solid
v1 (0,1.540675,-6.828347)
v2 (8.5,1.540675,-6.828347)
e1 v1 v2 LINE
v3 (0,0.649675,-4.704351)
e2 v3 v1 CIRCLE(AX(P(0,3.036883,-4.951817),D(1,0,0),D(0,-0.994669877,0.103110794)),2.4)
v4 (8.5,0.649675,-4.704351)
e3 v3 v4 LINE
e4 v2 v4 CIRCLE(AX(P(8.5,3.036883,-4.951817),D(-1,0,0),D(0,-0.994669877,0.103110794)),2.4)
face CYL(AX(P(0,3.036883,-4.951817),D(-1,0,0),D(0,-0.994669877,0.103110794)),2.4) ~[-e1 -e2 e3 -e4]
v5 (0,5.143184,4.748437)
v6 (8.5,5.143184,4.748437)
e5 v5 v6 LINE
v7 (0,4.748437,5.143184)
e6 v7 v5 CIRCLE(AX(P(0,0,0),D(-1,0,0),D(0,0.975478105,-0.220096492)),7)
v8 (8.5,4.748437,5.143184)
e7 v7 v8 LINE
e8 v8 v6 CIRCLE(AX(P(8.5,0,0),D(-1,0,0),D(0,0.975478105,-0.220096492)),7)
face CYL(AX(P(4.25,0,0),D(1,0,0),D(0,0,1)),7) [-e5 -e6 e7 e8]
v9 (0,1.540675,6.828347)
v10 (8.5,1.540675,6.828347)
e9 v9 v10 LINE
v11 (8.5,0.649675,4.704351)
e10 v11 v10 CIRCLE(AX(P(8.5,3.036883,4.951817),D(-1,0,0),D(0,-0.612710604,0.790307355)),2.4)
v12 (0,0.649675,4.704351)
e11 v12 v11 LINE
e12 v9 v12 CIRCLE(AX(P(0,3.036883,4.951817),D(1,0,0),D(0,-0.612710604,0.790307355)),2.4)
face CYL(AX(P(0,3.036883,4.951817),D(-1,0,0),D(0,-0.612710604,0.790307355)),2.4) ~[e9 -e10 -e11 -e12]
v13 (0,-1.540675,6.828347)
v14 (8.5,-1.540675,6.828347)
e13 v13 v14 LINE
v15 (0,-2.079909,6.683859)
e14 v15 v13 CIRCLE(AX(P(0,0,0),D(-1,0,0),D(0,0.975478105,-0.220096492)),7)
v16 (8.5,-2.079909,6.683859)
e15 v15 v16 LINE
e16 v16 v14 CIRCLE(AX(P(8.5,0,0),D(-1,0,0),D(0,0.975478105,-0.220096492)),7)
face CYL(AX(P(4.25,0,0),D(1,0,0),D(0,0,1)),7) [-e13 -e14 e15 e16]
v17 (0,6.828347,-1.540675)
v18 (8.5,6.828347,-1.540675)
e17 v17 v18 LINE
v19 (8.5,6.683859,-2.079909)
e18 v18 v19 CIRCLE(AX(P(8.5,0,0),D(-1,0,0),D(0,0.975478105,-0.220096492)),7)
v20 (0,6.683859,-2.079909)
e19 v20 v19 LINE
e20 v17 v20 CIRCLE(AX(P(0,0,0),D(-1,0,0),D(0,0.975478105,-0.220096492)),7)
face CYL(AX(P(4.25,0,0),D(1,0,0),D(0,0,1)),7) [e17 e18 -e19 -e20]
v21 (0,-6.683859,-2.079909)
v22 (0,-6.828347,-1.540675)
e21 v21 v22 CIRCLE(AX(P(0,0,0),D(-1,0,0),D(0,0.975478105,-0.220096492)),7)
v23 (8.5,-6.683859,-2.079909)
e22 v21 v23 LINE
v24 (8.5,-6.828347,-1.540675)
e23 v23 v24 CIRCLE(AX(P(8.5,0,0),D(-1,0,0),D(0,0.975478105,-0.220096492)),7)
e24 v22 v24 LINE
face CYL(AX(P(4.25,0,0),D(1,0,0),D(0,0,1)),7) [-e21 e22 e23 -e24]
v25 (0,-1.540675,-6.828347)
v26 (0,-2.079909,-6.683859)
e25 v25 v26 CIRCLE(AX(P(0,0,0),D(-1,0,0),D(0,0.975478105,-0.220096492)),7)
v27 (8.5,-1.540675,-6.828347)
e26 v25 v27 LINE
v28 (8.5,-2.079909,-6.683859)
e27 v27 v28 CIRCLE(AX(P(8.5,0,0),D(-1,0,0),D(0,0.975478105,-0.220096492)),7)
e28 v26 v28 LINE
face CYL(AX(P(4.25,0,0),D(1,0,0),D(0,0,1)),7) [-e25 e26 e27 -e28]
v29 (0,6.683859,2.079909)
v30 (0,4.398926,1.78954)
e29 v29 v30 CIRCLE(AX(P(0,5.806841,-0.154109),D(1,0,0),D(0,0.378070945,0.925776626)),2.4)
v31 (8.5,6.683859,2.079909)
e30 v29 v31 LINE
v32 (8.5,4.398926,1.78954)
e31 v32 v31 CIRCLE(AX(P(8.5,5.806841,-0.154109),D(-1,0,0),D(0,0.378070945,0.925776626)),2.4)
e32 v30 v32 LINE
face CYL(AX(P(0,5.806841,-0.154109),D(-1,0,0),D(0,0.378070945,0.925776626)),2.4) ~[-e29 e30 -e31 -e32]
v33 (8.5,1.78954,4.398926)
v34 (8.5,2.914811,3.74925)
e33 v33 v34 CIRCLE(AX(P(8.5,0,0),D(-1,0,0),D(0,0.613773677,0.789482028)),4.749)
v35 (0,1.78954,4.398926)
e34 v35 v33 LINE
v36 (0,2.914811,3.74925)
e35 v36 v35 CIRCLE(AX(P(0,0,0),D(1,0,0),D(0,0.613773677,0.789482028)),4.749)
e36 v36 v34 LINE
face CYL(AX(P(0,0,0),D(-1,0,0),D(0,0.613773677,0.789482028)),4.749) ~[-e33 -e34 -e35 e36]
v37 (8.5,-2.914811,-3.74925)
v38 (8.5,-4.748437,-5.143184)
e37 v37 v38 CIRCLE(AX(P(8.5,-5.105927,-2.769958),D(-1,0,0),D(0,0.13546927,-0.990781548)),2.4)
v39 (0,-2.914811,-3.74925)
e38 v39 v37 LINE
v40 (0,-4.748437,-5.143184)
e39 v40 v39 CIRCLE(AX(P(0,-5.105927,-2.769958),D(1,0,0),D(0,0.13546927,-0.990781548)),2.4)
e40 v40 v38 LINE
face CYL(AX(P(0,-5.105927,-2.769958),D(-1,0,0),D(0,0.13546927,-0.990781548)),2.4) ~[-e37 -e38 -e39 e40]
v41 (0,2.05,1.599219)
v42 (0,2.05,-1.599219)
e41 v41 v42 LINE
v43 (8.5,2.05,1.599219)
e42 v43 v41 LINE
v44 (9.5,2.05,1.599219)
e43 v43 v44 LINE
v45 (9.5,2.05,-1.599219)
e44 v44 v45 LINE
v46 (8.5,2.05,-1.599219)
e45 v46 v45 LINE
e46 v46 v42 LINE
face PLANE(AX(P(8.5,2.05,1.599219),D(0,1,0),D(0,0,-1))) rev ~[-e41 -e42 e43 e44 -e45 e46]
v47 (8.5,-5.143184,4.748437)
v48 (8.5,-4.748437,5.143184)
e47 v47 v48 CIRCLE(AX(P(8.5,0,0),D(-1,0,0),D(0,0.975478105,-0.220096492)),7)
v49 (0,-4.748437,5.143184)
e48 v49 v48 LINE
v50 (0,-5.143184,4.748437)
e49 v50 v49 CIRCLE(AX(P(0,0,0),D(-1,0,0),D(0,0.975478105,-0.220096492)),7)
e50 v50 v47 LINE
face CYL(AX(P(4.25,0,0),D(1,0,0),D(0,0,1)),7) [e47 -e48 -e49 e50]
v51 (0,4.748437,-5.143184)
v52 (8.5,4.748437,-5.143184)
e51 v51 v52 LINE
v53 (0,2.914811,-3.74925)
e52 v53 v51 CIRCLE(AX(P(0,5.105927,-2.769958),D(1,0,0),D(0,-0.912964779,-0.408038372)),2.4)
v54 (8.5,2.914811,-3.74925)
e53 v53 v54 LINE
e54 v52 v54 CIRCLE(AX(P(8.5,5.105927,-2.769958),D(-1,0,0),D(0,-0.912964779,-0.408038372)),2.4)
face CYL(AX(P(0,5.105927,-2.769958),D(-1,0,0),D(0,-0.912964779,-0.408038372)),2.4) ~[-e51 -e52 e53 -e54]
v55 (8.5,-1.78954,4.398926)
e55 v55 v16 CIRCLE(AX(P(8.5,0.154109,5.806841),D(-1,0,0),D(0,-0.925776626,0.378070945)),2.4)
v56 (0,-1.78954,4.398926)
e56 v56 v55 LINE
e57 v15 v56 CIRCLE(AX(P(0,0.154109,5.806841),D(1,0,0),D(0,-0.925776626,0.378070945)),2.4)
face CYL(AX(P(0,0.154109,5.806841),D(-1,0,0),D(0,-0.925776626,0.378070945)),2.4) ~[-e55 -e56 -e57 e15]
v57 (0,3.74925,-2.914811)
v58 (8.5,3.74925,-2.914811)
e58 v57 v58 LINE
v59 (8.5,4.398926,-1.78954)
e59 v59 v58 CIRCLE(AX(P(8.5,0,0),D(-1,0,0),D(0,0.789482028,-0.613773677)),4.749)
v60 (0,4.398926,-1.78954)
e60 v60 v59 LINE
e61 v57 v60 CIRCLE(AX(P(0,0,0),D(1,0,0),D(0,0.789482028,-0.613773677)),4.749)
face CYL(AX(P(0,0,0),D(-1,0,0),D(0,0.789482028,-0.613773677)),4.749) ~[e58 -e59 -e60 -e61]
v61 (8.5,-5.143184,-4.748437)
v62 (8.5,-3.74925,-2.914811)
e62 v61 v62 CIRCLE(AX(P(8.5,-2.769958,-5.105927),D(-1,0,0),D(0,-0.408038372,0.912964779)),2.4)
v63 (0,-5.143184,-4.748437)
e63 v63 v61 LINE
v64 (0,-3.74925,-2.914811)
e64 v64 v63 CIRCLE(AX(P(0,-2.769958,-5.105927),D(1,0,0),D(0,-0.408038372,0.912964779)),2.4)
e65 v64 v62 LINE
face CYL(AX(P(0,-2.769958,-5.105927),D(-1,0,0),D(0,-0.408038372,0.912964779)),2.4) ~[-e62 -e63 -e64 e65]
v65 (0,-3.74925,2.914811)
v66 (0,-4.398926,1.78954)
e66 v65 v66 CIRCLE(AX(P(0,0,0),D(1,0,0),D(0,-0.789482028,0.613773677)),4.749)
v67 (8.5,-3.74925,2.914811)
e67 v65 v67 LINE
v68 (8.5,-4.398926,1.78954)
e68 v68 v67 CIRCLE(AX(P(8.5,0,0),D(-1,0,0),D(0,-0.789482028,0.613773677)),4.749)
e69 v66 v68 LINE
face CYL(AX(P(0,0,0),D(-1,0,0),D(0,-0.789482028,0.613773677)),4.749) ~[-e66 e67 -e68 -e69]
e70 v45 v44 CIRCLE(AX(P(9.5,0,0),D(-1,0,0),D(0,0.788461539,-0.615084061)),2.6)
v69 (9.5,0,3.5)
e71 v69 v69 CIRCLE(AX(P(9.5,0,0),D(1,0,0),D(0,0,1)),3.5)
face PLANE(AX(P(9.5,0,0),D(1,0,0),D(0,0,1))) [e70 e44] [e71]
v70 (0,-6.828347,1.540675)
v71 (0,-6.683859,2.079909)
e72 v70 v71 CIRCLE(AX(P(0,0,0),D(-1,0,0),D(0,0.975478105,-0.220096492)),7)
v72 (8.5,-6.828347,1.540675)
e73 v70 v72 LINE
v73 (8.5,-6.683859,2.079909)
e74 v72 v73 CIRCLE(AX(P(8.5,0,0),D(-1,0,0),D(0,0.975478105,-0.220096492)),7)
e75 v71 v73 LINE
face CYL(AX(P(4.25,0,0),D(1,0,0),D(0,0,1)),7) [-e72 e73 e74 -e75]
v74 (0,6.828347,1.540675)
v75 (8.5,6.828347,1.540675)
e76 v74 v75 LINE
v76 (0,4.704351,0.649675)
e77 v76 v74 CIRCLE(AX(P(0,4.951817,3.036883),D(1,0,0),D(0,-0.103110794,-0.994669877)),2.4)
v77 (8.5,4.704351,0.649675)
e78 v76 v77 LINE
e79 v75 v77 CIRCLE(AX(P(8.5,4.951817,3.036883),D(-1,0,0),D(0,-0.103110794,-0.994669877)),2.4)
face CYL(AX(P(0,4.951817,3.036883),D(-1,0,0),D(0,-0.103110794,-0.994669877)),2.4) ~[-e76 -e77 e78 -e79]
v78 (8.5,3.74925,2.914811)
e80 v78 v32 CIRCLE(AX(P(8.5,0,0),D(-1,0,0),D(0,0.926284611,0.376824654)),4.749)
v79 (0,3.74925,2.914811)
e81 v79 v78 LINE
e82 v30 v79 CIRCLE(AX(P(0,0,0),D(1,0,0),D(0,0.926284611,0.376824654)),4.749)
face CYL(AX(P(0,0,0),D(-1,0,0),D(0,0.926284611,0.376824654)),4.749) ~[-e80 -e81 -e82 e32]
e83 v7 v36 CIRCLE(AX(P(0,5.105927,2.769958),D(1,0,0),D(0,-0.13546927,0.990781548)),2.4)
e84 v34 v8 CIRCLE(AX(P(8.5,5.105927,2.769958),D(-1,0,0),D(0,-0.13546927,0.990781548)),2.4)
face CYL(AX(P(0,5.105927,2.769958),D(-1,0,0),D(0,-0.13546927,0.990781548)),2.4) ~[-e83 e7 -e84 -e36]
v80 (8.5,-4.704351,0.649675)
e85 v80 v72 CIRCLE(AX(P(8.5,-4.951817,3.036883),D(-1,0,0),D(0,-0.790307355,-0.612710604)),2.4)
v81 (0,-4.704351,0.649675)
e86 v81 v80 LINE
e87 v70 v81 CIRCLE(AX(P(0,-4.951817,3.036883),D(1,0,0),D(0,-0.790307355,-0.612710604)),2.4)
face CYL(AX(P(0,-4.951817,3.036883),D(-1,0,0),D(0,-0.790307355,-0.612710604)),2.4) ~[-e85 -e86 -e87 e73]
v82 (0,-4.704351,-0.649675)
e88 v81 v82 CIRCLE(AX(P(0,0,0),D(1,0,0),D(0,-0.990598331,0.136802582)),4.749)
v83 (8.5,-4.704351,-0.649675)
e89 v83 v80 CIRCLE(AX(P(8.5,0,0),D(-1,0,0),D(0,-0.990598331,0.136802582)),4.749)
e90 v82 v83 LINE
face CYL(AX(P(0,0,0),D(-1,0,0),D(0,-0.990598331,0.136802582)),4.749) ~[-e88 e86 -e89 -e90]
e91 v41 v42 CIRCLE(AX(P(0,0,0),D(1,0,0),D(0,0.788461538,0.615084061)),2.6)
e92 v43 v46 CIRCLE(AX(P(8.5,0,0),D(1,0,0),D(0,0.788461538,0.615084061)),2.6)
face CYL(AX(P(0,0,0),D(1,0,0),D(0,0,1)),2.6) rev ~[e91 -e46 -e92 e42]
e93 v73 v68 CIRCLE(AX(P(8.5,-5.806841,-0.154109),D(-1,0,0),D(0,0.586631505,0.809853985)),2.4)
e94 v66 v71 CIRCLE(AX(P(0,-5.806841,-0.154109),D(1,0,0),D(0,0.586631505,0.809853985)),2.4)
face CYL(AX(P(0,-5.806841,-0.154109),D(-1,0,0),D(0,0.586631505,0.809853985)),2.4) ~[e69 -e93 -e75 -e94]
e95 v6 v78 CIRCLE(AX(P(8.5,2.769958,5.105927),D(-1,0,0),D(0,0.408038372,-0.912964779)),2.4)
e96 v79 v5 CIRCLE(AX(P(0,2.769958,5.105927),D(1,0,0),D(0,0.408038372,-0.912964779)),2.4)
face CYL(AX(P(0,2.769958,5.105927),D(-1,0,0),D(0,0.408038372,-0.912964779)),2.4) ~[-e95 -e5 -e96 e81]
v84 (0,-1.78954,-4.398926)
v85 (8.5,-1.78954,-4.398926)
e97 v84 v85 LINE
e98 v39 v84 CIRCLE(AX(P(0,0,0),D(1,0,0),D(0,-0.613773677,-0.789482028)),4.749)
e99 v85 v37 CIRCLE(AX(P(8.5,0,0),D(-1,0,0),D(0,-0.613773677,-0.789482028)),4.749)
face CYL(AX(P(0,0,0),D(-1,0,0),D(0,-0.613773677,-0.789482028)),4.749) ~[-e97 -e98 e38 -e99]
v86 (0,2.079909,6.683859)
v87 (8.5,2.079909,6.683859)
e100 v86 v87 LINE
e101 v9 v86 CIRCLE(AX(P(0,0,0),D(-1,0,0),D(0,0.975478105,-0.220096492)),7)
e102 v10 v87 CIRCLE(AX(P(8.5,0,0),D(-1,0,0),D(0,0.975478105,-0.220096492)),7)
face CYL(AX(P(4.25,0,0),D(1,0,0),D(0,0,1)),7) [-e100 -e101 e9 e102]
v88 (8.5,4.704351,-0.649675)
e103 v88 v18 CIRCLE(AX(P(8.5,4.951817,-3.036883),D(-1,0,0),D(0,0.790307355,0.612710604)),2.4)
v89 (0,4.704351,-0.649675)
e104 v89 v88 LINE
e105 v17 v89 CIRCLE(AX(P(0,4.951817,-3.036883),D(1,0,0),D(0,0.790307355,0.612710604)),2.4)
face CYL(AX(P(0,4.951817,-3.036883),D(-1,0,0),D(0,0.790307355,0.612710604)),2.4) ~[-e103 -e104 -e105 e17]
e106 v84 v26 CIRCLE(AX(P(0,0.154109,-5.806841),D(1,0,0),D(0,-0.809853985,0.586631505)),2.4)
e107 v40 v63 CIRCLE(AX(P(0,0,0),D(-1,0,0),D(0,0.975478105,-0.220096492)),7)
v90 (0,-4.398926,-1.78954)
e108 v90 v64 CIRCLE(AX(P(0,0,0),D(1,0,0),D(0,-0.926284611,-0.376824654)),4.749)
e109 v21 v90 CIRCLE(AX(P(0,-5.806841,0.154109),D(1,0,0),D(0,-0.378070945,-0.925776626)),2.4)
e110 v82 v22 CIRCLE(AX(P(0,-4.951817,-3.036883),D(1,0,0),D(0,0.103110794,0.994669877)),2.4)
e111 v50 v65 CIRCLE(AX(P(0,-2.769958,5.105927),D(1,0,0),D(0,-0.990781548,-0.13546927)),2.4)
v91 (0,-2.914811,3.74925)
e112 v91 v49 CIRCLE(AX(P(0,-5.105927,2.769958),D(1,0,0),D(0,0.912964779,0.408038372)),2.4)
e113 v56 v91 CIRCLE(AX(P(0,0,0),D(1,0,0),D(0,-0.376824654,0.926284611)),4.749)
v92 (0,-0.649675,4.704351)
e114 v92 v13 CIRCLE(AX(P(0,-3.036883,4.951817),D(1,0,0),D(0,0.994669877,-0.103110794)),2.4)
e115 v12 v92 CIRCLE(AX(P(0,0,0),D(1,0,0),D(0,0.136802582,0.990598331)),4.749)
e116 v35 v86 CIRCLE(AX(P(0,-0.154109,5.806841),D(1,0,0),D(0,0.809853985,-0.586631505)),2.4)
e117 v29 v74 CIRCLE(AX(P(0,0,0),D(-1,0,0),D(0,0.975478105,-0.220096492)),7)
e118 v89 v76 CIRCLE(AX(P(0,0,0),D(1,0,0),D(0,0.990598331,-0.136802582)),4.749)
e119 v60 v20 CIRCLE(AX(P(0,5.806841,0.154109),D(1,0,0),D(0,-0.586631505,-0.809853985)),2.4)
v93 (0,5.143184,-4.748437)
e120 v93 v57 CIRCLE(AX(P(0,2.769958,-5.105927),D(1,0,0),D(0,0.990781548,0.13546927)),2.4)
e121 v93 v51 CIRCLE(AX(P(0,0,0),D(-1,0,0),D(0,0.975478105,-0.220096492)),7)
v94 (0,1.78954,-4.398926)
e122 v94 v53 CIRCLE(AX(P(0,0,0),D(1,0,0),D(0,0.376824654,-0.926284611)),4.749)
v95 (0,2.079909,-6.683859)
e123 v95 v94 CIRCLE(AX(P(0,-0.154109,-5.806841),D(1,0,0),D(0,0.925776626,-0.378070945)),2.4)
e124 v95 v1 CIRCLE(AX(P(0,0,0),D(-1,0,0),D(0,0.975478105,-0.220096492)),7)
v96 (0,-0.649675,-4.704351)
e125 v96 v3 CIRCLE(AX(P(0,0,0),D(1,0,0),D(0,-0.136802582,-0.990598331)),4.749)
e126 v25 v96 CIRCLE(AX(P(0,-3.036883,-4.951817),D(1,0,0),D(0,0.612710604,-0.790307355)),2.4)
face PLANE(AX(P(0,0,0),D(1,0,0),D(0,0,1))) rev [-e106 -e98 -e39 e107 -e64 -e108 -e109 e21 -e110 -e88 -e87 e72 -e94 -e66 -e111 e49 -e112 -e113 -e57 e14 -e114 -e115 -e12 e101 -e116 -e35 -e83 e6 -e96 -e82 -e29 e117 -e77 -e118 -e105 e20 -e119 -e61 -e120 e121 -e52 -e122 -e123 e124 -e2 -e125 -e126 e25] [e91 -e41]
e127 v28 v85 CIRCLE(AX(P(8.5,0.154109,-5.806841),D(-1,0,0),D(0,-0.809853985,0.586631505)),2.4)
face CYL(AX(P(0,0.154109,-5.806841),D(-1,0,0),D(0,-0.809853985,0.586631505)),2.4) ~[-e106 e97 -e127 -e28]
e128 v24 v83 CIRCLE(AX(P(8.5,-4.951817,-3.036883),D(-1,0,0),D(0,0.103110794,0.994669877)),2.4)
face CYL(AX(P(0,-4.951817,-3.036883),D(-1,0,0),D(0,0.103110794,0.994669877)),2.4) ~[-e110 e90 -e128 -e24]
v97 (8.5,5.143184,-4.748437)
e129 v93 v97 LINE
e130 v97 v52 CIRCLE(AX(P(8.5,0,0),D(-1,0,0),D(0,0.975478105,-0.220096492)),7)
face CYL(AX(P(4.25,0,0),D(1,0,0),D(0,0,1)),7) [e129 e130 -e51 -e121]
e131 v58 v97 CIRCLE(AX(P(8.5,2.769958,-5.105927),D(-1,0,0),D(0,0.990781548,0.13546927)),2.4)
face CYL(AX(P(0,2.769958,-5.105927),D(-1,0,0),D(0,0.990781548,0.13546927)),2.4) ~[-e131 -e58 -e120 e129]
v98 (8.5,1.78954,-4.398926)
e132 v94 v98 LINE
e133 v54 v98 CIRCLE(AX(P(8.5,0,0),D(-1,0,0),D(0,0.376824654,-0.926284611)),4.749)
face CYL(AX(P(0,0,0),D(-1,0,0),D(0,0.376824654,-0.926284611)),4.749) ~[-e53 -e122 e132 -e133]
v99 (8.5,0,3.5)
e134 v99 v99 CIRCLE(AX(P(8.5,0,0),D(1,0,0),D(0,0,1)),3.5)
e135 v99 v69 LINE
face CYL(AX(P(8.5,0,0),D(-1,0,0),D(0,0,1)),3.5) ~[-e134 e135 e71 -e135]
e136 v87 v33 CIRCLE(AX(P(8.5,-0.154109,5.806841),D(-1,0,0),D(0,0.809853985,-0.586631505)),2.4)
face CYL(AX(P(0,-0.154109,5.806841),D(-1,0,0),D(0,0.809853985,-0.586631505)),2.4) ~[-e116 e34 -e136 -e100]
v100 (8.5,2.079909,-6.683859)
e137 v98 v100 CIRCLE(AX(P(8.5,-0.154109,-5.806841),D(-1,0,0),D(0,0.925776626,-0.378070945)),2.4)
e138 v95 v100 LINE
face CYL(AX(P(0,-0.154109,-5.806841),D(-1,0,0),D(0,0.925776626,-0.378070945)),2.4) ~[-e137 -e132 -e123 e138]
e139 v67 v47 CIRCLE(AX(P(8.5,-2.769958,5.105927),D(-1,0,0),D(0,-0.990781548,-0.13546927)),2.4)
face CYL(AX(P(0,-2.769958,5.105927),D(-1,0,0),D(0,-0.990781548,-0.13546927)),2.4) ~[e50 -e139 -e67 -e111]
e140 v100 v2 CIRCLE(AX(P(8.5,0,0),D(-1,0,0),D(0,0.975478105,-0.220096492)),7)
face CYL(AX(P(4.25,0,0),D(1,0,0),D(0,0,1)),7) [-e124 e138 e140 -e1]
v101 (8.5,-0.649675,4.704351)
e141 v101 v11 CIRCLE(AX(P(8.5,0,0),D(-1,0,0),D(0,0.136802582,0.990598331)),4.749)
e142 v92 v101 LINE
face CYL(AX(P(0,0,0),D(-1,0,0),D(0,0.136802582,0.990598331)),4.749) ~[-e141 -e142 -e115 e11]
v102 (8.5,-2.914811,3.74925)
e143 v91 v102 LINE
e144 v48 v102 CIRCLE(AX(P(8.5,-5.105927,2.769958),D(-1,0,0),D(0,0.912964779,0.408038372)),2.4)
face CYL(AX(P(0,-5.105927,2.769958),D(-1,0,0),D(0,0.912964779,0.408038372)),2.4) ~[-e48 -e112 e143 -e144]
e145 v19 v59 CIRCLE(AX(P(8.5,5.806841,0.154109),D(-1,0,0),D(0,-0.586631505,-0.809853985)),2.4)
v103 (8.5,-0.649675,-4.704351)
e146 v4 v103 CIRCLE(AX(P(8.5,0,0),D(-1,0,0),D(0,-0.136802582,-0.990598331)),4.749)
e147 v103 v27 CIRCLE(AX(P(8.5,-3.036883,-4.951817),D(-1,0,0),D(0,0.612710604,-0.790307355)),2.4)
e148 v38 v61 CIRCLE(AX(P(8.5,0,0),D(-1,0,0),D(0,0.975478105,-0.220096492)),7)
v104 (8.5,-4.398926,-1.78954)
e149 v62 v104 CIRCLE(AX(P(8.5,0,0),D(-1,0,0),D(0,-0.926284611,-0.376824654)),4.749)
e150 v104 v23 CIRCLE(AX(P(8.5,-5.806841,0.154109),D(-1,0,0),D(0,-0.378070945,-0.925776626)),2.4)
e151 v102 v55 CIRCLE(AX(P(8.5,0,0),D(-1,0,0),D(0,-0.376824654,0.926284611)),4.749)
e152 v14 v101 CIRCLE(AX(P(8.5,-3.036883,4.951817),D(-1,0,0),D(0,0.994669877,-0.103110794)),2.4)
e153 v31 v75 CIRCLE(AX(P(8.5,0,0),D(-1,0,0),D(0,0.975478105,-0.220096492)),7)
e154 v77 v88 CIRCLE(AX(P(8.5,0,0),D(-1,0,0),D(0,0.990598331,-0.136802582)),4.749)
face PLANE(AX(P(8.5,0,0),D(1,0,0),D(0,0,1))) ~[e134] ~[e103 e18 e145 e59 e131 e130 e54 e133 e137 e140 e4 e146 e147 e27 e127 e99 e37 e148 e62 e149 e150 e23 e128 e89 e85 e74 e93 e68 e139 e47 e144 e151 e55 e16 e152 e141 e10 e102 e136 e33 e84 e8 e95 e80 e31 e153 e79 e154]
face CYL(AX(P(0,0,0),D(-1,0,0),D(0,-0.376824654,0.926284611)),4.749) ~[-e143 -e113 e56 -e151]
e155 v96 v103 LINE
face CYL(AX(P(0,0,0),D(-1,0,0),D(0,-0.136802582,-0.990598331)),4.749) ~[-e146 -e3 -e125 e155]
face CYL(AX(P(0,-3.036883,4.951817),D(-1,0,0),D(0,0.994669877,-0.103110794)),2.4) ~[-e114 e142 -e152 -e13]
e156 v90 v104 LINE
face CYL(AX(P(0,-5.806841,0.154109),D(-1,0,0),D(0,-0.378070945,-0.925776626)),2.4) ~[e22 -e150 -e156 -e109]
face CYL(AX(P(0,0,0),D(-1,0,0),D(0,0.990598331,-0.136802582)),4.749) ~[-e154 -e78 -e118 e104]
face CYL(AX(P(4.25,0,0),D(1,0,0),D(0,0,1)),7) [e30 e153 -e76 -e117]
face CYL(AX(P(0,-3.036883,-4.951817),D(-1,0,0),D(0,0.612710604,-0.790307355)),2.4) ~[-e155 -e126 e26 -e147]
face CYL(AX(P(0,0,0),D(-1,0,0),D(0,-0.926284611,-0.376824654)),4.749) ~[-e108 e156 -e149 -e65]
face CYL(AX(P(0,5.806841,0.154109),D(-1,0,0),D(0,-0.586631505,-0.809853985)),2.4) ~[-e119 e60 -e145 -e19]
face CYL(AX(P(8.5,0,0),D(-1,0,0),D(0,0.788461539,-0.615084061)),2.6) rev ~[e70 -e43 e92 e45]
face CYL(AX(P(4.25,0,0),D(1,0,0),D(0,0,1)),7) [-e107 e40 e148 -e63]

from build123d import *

# Parameters (mm, degrees)
BASPROSKE_W         = 8.5
BASPROSKE_H         = 7
TOOTHCUT_DEPTH      = 14.047988351
TEETHCUTS_COUNT     = 12
TEETHCUTS_ANGLE     = 330
BORSKE_R            = 2.6
BORE_DEPTH          = 50.0000508
BOSS_EXTRUDE1_DEPTH = 8.5
SKETCH2_R           = 3.5
BOSS_EXTRUDE2_DEPTH = 1


with BuildPart() as part:
    # BasProSke → Base-Revolve (revolve)
    with BuildSketch(Plane(origin=(0, 0, 0), x_dir=(1, 0, 0), z_dir=(0, 1, 0)), mode=Mode.PRIVATE) as base_revolve_sk:
        with Locations((4.25, 3.5)):
            Rectangle(BASPROSKE_W, BASPROSKE_H)
    revolve(base_revolve_sk.sketch.rotate(Axis((-10, 0, 0), (1, 0, 0)), 180), axis=Axis((-10, 0, 0), (1, 0, 0)))

    # TooCutSke → ToothCut (cut, through all)
    with BuildSketch(Plane(origin=(0, 0, 0), x_dir=(0, 0, -1), z_dir=(1, 0, 0))):
        with BuildLine():
            ThreePointArc((0.649675465, 4.704351474), (0, 4.749), (-0.649675465, 4.704351474))
            ThreePointArc((-0.649675465, 4.704351474), (-0.830100462, 5.895273832), (-1.56637772, 6.84855503))
            ThreePointArc((-1.56637772, 6.84855503), (0, 7.0254), (1.56637772, 6.84855503))
            ThreePointArc((1.56637772, 6.84855503), (0.830100462, 5.895273832), (0.649675465, 4.704351474))
        make_face()
    toothcut = extrude(amount=TOOTHCUT_DEPTH, mode=Mode.SUBTRACT)

    # TeethCuts: ToothCut ×12 about axis
    teethcuts_axis = Axis((-10, 0, 0), (1, 0, 0))
    for i in range(1, TEETHCUTS_COUNT):
        add(toothcut.rotate(teethcuts_axis, i * TEETHCUTS_ANGLE / (TEETHCUTS_COUNT - 1)), mode=Mode.SUBTRACT)

    # BorSke → Bore (cut, symmetric)
    with BuildSketch(Plane(origin=(0, 0, 0), x_dir=(0, 0, -1), z_dir=(1, 0, 0))):
        with Locations(Location((0, 0, 0), (0, 0, 180))):
            Circle(BORSKE_R)
    extrude(amount=BORE_DEPTH, both=True, mode=Mode.SUBTRACT)

    # Sketch1 → Boss-Extrude1 (add)
    with BuildSketch(Plane(origin=(8.5, 0, 0), x_dir=(0, 0, -1), z_dir=(1, 0, 0))):
        with BuildLine():
            Line((-1.599218559, 2.05), (1.599218559, 2.05))
            ThreePointArc((1.599218559, 2.05), (0, 2.6), (-1.599218559, 2.05))
        make_face()
    extrude(amount=-BOSS_EXTRUDE1_DEPTH)

    # Sketch2 → Boss-Extrude2 (add)
    with BuildSketch(Plane(origin=(8.5, 0, 0), x_dir=(0, 0, -1), z_dir=(1, 0, 0))):
        with Locations(Location((0, 0, 0), (0, 0, 180))):
            Circle(SKETCH2_R)
        with BuildLine():
            Line((-1.599218559, 2.05), (1.599218559, 2.05))
            ThreePointArc((1.599218559, 2.05), (0, -2.6), (-1.599218559, 2.05))
        make_face(mode=Mode.SUBTRACT)
    extrude(amount=BOSS_EXTRUDE2_DEPTH)


solid = part.part
